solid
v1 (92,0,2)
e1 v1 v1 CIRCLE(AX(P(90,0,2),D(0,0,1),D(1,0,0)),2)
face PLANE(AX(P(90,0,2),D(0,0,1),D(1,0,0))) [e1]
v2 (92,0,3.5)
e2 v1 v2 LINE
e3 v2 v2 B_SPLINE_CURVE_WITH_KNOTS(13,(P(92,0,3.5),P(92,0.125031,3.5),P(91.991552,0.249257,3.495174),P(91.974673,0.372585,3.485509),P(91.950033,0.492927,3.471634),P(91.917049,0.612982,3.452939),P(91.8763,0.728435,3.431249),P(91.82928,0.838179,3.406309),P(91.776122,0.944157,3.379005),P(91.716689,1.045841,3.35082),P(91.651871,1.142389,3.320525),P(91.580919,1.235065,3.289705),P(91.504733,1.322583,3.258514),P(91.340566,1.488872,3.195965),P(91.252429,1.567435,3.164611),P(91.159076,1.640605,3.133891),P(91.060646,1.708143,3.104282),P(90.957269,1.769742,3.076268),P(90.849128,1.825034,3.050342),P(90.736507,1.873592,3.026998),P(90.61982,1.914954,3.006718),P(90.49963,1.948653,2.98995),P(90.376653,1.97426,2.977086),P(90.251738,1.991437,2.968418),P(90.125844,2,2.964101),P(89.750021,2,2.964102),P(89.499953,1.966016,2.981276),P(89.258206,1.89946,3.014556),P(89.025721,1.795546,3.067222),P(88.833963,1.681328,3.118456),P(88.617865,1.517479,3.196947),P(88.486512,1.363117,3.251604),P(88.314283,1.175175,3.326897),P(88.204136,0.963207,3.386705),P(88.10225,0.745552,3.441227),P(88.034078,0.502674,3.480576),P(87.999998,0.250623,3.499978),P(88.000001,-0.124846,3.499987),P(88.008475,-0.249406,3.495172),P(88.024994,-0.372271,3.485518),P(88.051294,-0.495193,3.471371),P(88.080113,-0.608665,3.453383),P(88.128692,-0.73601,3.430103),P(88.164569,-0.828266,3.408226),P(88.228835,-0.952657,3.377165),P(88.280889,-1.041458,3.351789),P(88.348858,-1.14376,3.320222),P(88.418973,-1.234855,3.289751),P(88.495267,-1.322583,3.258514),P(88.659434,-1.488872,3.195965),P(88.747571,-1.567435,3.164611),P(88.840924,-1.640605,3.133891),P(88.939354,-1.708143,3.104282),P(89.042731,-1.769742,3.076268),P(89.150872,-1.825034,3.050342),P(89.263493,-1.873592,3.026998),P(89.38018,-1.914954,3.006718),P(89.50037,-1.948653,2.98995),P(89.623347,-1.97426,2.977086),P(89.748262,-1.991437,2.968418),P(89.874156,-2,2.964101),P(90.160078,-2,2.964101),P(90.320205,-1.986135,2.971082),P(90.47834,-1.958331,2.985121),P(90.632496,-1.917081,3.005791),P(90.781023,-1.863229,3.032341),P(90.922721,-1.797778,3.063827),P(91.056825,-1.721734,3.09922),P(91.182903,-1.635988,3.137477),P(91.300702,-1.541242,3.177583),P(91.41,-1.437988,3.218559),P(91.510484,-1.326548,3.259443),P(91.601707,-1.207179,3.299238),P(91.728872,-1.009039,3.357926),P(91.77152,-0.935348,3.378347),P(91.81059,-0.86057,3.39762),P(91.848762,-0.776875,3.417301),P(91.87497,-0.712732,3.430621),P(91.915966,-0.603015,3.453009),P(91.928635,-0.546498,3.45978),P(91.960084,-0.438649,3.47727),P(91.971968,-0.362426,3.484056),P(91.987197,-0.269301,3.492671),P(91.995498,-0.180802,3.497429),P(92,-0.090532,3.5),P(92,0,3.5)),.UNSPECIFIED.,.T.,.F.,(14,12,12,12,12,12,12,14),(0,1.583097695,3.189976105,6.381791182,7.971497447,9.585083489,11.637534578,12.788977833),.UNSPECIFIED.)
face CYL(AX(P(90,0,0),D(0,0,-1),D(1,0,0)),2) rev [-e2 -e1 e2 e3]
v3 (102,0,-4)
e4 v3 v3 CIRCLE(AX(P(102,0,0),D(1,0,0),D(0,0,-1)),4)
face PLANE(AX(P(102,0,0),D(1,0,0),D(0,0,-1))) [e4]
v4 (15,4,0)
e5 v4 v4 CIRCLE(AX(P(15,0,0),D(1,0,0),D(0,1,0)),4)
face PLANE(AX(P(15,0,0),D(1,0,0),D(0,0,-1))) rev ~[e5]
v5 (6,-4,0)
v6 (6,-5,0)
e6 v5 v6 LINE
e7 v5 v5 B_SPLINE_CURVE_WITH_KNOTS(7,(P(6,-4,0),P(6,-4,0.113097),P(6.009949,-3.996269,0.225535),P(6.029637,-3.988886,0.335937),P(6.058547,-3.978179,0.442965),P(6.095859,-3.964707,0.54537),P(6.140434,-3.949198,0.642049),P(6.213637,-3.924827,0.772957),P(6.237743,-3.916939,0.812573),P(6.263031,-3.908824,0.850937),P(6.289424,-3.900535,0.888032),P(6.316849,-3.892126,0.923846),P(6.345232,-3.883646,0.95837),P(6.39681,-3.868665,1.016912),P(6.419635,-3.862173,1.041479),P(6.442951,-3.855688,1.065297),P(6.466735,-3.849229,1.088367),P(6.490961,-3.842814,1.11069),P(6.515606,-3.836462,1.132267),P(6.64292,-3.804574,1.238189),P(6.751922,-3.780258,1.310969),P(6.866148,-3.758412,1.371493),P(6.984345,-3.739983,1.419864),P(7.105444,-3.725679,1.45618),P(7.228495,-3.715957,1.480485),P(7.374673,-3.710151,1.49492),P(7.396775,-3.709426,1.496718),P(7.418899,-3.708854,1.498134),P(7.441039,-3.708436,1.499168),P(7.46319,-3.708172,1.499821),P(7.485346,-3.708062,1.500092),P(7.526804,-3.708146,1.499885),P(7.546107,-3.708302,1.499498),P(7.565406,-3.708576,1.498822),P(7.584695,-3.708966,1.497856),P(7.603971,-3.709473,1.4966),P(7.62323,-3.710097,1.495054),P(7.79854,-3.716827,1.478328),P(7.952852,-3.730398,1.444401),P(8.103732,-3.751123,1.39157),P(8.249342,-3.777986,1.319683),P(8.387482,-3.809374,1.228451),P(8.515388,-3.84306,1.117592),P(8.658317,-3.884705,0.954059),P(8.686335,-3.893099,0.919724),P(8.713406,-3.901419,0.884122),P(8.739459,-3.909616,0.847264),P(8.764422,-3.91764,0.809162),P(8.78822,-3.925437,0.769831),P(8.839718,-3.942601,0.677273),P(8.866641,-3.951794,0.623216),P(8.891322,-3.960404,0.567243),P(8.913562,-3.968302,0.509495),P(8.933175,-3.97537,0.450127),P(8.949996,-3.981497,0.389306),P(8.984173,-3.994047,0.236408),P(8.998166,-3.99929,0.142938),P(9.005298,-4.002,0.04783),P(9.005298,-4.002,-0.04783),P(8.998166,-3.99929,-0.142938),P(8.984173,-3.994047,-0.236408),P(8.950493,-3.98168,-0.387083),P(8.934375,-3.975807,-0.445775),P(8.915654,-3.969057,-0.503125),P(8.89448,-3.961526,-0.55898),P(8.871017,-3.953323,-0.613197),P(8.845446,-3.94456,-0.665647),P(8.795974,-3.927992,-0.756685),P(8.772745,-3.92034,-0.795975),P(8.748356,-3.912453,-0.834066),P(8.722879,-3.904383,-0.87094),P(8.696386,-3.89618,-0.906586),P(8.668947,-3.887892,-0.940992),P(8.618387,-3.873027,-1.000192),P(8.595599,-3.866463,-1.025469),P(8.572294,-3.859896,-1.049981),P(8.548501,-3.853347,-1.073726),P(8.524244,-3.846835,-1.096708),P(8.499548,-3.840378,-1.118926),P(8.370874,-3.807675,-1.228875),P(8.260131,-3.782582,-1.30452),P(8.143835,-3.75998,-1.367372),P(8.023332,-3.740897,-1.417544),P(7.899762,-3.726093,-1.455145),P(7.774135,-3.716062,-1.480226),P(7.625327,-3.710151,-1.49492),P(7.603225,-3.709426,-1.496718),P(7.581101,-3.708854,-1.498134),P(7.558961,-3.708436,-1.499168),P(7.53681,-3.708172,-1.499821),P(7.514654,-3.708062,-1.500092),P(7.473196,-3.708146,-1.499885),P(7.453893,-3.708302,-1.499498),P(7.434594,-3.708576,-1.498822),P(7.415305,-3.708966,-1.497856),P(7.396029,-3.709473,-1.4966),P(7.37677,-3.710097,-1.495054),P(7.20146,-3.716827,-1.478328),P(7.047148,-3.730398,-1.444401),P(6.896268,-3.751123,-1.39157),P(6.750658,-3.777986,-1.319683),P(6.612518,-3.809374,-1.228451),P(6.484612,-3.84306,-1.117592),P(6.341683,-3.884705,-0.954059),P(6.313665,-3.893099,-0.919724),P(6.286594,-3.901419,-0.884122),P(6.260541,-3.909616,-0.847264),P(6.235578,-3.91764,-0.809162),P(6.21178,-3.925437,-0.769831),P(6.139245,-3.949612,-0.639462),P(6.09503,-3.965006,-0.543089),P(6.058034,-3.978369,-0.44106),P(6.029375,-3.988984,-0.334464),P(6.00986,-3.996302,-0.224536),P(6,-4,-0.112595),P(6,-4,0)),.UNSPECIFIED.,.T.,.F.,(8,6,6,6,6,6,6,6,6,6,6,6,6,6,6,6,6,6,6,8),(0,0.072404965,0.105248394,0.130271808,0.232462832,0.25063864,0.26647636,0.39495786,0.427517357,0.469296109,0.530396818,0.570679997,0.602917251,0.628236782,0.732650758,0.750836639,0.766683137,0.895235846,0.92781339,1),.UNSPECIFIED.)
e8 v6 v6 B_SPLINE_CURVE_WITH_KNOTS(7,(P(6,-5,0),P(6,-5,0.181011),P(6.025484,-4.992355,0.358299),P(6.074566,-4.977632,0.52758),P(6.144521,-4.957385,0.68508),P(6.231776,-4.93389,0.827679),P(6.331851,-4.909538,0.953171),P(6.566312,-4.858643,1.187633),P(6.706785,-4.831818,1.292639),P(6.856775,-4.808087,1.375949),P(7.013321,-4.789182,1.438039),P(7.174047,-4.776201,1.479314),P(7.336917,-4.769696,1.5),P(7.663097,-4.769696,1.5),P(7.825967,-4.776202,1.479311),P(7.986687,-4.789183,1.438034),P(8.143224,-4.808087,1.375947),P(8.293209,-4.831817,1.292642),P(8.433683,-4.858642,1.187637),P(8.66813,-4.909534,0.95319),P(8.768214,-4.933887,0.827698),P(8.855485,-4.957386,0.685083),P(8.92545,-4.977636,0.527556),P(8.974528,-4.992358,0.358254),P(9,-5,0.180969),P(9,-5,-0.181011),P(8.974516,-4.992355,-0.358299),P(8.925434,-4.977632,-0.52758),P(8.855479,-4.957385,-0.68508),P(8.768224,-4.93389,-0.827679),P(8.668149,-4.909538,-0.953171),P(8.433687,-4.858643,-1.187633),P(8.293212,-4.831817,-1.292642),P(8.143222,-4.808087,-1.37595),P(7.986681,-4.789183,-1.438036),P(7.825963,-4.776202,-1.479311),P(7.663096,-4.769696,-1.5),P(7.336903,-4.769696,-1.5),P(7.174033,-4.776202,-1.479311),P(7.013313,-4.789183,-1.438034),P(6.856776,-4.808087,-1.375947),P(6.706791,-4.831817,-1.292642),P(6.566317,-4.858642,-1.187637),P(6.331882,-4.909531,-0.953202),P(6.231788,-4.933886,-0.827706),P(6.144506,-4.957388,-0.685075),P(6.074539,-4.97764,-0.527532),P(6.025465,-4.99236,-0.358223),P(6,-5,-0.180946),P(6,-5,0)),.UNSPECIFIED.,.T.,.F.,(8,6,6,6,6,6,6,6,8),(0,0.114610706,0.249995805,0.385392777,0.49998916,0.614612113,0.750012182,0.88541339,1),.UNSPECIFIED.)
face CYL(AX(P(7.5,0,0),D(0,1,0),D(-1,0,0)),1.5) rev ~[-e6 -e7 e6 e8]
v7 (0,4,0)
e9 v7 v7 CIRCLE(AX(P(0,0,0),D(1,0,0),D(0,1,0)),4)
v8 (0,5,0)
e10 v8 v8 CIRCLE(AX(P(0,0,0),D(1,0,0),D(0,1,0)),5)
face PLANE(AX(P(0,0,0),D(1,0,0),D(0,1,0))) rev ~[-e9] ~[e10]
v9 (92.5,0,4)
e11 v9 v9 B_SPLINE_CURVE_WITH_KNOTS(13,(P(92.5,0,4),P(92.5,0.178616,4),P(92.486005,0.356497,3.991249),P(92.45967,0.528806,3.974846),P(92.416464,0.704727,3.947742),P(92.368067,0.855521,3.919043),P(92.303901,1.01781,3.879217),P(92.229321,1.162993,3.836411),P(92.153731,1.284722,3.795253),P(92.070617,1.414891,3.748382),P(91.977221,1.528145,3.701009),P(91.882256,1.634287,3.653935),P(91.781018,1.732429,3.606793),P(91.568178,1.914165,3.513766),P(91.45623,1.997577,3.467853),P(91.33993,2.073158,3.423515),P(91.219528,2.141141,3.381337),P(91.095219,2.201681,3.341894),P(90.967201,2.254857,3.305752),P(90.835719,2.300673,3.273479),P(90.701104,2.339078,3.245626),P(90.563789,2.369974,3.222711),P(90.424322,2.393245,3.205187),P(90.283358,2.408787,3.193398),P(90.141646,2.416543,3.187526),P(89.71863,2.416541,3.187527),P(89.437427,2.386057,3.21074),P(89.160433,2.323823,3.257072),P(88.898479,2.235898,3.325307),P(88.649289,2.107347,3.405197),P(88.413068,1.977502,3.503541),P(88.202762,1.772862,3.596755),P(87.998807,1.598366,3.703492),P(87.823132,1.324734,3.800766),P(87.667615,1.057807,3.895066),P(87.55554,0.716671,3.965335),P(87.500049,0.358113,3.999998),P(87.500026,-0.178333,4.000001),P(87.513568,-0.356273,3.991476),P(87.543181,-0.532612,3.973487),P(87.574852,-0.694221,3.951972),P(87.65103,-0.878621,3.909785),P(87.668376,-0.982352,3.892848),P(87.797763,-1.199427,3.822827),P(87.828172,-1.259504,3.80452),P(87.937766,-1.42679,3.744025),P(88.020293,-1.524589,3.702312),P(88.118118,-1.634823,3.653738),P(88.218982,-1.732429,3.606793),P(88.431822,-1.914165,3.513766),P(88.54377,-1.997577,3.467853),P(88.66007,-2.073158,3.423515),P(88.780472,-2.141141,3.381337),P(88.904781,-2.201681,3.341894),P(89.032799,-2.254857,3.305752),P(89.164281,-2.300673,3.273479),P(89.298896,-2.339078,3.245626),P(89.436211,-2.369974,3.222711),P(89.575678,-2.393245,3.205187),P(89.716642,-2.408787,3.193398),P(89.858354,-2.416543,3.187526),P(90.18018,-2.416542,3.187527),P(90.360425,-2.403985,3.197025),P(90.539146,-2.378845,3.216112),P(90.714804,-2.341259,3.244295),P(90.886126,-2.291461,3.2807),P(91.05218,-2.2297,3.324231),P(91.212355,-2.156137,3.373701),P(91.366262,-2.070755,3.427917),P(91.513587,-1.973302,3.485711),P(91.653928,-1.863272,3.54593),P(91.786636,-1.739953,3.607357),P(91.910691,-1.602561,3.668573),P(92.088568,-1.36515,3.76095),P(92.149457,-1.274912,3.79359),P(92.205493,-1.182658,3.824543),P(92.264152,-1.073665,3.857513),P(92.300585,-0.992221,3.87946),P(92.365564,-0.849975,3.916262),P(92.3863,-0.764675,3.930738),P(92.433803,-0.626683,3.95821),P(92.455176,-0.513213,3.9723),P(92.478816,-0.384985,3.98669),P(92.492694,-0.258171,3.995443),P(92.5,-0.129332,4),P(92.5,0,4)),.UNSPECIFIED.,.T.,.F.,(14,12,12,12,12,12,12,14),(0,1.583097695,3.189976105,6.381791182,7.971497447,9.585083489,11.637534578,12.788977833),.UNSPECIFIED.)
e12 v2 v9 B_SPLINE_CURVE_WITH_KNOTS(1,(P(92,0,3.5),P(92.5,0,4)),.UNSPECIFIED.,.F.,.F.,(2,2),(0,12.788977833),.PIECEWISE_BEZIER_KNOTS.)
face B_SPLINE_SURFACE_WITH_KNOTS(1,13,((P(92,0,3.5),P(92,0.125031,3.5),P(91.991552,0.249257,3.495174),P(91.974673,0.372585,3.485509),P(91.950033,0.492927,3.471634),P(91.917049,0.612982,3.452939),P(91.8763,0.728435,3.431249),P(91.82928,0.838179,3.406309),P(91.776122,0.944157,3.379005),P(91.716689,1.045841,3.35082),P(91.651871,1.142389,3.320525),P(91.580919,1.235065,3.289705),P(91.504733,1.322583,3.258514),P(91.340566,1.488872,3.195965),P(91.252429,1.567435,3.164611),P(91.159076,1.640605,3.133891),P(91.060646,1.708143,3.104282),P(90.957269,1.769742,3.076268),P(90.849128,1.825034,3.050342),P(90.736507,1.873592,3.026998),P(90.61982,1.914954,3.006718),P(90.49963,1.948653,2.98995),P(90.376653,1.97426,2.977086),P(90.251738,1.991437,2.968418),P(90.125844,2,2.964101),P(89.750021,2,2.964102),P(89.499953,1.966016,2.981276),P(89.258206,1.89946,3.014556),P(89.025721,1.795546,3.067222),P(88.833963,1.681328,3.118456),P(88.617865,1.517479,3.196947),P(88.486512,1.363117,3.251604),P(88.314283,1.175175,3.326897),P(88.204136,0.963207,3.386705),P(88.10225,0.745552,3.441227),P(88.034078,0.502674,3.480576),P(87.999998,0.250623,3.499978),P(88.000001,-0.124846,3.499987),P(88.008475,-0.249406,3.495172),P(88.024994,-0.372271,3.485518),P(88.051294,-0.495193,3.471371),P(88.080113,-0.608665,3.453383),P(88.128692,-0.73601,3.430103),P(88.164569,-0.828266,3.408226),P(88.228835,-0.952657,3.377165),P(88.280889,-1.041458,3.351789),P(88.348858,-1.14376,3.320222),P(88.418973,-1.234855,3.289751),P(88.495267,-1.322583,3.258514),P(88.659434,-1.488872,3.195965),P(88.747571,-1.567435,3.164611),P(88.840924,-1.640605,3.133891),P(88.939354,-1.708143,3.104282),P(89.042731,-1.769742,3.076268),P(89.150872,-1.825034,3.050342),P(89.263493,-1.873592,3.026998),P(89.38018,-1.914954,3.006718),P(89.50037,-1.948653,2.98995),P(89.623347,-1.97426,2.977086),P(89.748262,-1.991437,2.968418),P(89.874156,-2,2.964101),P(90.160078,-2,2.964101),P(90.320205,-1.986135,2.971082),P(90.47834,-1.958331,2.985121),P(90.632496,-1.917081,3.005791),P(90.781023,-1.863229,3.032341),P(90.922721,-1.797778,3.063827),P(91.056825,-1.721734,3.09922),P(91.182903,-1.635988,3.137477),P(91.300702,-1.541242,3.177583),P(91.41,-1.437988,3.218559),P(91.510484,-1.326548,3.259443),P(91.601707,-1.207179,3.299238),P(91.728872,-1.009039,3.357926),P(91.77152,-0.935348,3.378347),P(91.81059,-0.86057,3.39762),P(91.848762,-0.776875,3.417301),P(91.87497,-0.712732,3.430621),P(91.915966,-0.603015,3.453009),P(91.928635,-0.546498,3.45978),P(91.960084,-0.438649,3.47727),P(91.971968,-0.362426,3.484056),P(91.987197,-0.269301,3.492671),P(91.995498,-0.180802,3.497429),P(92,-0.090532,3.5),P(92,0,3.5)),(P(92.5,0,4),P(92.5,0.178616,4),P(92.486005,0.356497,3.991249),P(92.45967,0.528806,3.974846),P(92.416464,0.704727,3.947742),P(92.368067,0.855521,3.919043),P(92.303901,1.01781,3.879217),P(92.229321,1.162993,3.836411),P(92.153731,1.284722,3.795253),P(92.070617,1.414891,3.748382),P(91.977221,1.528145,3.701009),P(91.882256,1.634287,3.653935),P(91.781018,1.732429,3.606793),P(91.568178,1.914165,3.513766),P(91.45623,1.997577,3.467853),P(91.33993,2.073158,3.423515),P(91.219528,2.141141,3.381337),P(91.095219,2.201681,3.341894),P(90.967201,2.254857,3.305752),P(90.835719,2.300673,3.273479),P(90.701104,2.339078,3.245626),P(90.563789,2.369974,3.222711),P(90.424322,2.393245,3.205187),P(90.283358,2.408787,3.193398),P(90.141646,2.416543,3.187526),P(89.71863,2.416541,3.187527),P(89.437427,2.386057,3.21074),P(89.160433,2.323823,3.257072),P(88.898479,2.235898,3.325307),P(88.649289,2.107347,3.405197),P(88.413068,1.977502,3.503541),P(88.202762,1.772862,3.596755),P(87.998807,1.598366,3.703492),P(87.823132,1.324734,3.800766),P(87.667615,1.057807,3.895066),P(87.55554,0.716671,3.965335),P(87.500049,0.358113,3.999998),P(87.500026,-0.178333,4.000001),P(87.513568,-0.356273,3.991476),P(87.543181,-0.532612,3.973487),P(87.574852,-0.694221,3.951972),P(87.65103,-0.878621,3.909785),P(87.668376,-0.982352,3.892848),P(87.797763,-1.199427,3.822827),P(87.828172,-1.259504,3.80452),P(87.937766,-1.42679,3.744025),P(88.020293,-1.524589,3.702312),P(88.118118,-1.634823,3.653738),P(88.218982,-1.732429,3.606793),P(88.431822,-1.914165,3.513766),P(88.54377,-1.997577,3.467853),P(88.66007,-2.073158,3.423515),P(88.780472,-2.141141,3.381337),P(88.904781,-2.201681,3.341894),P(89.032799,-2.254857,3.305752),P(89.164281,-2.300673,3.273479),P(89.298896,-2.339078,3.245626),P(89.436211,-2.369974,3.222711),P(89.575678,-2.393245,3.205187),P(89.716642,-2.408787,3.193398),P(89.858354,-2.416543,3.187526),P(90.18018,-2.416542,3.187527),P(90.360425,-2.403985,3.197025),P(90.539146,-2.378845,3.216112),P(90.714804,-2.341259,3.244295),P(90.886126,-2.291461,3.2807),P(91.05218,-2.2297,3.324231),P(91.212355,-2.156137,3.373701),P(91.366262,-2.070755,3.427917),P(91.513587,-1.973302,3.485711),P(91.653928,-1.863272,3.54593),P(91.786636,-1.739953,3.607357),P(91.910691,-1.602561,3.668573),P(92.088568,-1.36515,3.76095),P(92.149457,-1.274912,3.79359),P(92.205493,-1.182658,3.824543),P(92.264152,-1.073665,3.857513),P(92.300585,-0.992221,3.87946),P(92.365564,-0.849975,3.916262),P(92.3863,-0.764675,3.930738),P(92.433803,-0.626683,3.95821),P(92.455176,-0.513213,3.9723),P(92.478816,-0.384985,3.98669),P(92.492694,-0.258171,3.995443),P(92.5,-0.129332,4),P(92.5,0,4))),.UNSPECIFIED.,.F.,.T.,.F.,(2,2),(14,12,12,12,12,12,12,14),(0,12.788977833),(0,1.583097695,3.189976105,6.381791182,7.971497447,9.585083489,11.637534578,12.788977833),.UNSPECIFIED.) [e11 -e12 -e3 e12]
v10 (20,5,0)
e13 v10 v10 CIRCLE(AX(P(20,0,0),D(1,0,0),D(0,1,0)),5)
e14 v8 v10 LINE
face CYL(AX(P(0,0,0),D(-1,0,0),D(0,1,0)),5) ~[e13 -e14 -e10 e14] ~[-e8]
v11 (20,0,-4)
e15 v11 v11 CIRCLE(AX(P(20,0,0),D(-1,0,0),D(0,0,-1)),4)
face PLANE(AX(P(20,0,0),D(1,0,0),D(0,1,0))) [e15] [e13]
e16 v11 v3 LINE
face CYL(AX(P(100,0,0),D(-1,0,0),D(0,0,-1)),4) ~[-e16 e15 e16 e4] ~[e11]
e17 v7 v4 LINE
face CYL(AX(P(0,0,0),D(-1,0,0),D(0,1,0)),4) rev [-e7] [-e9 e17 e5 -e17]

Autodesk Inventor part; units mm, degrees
ref_plane "YZ Plane" through (0, 0, 0) normal (1, 0, 0) x (0, 1, 0)
ref_plane "XZ Plane" through (0, 0, 0) normal (0, 1, 0) x (-1, 0, 0)
sketch "Sketch1" plane through (0, 0, 0) normal (1, 0, 0) x (0, 1, 0)
  circle A0 centre (0, 0) radius 4
  circle A1 centre (0, 0) radius 5
  dimension "d0" = 8
  dimension "d1" = 10
extrude "Extrusion1" add sketch "Sketch1" along normal blind 20
ref_plane "Work Plane1" through (15, 0, 0) normal (1, 0, 0) x (0, 0, -1)
sketch "Sketch2" plane through (15, 0, 0) normal (1, 0, 0) x (0, 0, -1)
  circle A0 centre (0, 0) radius 4
extrude "Extrusion2" add sketch "Sketch2" along normal blind 85
sketch "Sketch3" plane through (0, 0, 0) normal (0, 1, 0) x (-1, 0, 0)
  line L0 (0, 0) -> (-7.5, 0)
  circle A0 centre (-7.5, 0) radius 1.5
  dimension "d7" = 7.5
  dimension "d8" = 3
extrude "Extrusion3" cut sketch "Sketch3" against normal blind 60
thread "Thread1" size "M3x0.5" class "6H" standard "ANSI Metric M Profile" length 70
sketch "Sketch4" plane through (0, 0, 0) normal (0, 0, 1) x (1, 0, 0)
  line L0 (100, -4) -> (100, 4) projected
  line L1 (100, 0) -> (90, 0)
  circle A0 centre (90, 0) radius 2
  point P0 (0, 0)
  dimension "d13" = 10
  dimension "d14" = 4
extrude "Extrusion4" cut sketch "Sketch4" along normal blind 10
sketch "Sketch5" plane through (90, 0, 0) normal (0, 0, 1) x (1, 0, 0)
  circle A0 centre (0, 0) radius 2
  point P0 (-90, 0)
extrude "Extrusion5" add sketch "Sketch5" along normal blind 2
chamfer "Chamfer1" distance 0.5 angle 45 1 edges at (88.0001, -0.0148, 4)
sketch "Sketch6" plane through (100, 0, 0) normal (1, 0, 0) x (0, 0, -1)
  circle A0 centre (0, 0) radius 4
extrude "Extrusion6" add sketch "Sketch6" along normal blind 2
properties part number "4x2020_axis" material "Stainless Steel"
